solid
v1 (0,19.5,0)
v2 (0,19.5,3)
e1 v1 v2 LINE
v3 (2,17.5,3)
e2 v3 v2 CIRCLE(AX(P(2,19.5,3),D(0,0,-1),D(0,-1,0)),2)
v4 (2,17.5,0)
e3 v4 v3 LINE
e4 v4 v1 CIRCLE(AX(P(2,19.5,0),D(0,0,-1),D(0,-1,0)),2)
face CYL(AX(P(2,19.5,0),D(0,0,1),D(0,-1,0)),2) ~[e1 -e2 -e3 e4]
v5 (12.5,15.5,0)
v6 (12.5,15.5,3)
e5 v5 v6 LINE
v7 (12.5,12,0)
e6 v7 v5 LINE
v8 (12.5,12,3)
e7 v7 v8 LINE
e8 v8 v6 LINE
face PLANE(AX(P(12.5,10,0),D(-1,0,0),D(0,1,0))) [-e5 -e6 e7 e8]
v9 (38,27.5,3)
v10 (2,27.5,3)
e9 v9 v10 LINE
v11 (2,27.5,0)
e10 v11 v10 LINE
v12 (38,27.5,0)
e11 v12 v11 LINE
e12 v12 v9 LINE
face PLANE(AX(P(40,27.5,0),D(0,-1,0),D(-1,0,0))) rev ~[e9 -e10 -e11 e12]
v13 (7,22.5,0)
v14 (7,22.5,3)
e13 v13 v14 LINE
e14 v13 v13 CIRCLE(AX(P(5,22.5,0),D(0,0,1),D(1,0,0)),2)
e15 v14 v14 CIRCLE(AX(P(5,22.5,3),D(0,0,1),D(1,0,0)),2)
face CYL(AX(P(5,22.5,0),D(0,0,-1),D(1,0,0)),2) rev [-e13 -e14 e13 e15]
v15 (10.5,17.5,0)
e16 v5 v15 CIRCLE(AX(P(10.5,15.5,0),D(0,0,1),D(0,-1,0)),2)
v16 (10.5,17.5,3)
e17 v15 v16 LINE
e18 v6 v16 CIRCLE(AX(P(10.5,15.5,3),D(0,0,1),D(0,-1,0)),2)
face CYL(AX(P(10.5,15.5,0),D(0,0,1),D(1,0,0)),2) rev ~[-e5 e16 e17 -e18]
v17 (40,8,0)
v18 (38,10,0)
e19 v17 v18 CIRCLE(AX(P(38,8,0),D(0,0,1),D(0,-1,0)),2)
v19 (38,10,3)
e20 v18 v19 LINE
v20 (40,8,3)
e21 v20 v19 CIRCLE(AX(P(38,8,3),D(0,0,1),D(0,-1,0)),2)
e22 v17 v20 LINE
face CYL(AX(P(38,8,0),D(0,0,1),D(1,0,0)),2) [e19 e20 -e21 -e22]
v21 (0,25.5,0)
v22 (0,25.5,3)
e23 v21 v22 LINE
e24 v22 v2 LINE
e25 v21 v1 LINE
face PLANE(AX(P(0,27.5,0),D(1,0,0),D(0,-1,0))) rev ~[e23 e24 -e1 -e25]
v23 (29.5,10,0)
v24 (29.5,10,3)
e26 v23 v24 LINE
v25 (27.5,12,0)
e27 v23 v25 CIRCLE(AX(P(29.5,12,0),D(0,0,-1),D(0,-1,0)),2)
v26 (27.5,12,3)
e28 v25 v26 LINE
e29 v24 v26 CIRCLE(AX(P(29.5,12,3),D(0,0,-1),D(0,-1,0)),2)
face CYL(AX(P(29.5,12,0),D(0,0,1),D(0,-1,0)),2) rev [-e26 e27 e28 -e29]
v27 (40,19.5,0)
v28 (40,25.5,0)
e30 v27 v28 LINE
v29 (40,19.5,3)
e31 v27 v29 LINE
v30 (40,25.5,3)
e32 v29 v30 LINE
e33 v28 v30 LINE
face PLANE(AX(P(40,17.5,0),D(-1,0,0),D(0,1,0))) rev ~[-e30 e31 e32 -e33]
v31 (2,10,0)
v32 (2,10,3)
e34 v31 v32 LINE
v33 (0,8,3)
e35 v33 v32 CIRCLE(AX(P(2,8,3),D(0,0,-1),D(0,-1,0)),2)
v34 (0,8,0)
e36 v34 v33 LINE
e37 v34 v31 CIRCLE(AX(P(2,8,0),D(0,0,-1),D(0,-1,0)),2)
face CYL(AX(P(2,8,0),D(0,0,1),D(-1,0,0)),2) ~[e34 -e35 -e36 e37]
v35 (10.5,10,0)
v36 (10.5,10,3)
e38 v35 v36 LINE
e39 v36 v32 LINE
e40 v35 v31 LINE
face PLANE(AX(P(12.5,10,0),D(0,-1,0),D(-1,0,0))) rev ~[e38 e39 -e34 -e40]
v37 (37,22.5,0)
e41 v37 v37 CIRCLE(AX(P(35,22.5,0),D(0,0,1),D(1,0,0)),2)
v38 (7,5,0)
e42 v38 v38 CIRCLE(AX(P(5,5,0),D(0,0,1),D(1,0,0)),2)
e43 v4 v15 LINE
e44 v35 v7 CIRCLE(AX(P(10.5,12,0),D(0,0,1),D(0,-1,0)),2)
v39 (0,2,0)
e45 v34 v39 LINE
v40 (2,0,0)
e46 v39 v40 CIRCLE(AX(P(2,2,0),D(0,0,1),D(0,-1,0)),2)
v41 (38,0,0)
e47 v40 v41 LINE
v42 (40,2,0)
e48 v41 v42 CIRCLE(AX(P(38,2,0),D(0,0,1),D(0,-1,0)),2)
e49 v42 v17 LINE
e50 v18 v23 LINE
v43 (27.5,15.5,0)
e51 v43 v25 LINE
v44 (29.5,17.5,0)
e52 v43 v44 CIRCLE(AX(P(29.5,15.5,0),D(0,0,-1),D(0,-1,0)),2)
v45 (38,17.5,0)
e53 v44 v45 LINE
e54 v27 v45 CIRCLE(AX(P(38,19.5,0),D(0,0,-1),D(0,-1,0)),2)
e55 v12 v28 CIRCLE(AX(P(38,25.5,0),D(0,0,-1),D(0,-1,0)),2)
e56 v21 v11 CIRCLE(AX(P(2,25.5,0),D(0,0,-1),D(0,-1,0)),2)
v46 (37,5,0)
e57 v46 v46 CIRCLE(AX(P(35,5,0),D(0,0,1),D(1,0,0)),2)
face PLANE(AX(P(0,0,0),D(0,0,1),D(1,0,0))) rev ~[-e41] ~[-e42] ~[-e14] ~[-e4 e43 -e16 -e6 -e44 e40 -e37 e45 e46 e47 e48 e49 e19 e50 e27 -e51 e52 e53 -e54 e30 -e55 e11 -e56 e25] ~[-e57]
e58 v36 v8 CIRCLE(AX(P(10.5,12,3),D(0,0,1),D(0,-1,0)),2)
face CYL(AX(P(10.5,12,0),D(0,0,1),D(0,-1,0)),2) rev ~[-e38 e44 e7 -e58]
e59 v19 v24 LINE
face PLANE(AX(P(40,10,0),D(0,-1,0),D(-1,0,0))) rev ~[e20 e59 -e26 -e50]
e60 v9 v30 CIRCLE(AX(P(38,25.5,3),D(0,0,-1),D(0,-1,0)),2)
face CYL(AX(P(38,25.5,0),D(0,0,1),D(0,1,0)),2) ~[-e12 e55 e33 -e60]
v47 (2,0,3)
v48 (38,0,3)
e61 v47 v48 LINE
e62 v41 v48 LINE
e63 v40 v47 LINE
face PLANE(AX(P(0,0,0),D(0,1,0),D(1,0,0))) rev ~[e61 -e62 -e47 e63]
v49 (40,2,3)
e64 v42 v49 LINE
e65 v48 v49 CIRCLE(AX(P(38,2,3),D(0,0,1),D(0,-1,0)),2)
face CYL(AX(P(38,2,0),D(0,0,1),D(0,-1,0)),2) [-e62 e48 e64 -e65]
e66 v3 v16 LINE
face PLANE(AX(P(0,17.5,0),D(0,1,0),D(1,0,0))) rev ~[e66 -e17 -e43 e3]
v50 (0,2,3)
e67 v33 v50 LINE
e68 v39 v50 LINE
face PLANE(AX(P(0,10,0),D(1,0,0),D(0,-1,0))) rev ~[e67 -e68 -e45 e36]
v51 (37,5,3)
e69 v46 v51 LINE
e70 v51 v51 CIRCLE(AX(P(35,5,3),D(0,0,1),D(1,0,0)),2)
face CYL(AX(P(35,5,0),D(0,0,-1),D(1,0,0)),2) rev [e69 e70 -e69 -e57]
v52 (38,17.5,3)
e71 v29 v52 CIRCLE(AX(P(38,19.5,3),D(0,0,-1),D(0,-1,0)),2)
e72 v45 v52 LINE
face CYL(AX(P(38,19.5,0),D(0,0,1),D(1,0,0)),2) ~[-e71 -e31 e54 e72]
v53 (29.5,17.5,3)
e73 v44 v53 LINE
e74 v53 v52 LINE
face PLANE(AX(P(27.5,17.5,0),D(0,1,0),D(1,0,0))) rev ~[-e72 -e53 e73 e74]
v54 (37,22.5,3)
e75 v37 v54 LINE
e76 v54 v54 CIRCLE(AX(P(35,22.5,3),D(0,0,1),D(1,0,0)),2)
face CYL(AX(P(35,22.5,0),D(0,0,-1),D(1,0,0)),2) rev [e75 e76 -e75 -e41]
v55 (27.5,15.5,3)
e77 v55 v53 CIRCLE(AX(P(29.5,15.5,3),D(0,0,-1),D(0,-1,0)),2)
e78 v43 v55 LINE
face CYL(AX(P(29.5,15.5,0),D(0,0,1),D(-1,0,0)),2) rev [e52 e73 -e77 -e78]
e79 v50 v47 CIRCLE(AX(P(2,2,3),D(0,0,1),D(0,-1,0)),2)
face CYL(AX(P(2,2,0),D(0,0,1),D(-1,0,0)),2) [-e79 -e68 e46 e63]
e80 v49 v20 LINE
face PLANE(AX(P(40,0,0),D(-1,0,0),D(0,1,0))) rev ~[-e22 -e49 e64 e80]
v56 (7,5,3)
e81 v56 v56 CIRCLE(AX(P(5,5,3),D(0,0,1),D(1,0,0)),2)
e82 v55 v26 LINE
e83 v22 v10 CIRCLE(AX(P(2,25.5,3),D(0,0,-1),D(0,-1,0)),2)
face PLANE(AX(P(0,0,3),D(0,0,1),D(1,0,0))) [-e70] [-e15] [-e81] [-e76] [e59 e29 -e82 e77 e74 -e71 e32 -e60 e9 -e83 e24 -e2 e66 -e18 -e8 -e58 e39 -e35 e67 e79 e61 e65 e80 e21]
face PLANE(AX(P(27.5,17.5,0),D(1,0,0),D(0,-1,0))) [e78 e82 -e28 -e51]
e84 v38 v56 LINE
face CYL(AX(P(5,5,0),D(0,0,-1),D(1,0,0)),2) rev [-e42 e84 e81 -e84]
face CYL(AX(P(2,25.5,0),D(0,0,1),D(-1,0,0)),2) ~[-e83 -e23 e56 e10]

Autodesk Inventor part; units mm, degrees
ref_plane "YZ Plane" through (0, 0, 0) normal (1, 0, 0) x (0, 1, 0)
ref_plane "XZ Plane" through (0, 0, 0) normal (0, 1, 0) x (-1, 0, 0)
ref_plane "XY Plane" through (0, 0, 0) normal (0, 0, 1) x (1, 0, 0)
sketch "スケッチ1" plane through (0, 0, 0) normal (0, 0, 1) x (1, 0, 0)
  line L0 (0, 0) -> (40, 0)
  line L1 (40, 0) -> (40, 10)
  line L2 (40, 10) -> (0, 10)
  line L3 (0, 10) -> (0, 0)
  line L4 (12.5, 17.5) -> (27.5, 17.5)
  line L5 (27.5, 17.5) -> (27.5, 10)
  line L6 (27.5, 10) -> (12.5, 10)
  line L7 (12.5, 10) -> (12.5, 17.5)
  line L8 (0, 17.5) -> (40, 17.5)
  line L9 (40, 17.5) -> (40, 27.5)
  line L10 (40, 27.5) -> (0, 27.5)
  line L11 (0, 27.5) -> (0, 17.5)
  circle A0 centre (5, 5) radius 2
  circle A1 centre (35, 5) radius 2
  circle A2 centre (5, 22.5) radius 2
  circle A3 centre (35, 22.5) radius 2
  point P0 (40, 22.5)
  point P1 (0, 5)
  point P2 (40, 5)
  point P3 (20, 17.5)
  point P4 (12.5, 20)
  point P5 (27.5, 20)
  dimension "d0" = 40
  dimension "d1" = 10
  dimension "d2" = 7.5
  dimension "d3" = 15
  dimension "d4" = 12.5
  dimension "d5" = 40
  dimension "d6" = 10
  dimension "d8" = 12.5
  dimension "d9" = 4
  dimension "d10" = 4
  dimension "d11" = 4
  dimension "d12" = 4
  dimension "d16" = 5
  dimension "d17" = 5
  dimension "d25" = 7.5
extrude "押し出し1" add sketch "スケッチ1" along normal blind 3
fillet "フィレット1" radius 2 12 edges at (40, 27.5, 1.5) (40, 17.5, 1.5) (0, 27.5, 1.5) (0, 17.5, 1.5) (12.5, 17.5, 1.5) (27.5, 17.5, 1.5) (27.5, 10, 1.5) (40, 10, 1.5) (40, 0, 1.5) (12.5, 10, 1.5) (0, 10, 1.5) (0, 0, 1.5)
equation "\"d8\" = d4"
properties part number "mountT"
